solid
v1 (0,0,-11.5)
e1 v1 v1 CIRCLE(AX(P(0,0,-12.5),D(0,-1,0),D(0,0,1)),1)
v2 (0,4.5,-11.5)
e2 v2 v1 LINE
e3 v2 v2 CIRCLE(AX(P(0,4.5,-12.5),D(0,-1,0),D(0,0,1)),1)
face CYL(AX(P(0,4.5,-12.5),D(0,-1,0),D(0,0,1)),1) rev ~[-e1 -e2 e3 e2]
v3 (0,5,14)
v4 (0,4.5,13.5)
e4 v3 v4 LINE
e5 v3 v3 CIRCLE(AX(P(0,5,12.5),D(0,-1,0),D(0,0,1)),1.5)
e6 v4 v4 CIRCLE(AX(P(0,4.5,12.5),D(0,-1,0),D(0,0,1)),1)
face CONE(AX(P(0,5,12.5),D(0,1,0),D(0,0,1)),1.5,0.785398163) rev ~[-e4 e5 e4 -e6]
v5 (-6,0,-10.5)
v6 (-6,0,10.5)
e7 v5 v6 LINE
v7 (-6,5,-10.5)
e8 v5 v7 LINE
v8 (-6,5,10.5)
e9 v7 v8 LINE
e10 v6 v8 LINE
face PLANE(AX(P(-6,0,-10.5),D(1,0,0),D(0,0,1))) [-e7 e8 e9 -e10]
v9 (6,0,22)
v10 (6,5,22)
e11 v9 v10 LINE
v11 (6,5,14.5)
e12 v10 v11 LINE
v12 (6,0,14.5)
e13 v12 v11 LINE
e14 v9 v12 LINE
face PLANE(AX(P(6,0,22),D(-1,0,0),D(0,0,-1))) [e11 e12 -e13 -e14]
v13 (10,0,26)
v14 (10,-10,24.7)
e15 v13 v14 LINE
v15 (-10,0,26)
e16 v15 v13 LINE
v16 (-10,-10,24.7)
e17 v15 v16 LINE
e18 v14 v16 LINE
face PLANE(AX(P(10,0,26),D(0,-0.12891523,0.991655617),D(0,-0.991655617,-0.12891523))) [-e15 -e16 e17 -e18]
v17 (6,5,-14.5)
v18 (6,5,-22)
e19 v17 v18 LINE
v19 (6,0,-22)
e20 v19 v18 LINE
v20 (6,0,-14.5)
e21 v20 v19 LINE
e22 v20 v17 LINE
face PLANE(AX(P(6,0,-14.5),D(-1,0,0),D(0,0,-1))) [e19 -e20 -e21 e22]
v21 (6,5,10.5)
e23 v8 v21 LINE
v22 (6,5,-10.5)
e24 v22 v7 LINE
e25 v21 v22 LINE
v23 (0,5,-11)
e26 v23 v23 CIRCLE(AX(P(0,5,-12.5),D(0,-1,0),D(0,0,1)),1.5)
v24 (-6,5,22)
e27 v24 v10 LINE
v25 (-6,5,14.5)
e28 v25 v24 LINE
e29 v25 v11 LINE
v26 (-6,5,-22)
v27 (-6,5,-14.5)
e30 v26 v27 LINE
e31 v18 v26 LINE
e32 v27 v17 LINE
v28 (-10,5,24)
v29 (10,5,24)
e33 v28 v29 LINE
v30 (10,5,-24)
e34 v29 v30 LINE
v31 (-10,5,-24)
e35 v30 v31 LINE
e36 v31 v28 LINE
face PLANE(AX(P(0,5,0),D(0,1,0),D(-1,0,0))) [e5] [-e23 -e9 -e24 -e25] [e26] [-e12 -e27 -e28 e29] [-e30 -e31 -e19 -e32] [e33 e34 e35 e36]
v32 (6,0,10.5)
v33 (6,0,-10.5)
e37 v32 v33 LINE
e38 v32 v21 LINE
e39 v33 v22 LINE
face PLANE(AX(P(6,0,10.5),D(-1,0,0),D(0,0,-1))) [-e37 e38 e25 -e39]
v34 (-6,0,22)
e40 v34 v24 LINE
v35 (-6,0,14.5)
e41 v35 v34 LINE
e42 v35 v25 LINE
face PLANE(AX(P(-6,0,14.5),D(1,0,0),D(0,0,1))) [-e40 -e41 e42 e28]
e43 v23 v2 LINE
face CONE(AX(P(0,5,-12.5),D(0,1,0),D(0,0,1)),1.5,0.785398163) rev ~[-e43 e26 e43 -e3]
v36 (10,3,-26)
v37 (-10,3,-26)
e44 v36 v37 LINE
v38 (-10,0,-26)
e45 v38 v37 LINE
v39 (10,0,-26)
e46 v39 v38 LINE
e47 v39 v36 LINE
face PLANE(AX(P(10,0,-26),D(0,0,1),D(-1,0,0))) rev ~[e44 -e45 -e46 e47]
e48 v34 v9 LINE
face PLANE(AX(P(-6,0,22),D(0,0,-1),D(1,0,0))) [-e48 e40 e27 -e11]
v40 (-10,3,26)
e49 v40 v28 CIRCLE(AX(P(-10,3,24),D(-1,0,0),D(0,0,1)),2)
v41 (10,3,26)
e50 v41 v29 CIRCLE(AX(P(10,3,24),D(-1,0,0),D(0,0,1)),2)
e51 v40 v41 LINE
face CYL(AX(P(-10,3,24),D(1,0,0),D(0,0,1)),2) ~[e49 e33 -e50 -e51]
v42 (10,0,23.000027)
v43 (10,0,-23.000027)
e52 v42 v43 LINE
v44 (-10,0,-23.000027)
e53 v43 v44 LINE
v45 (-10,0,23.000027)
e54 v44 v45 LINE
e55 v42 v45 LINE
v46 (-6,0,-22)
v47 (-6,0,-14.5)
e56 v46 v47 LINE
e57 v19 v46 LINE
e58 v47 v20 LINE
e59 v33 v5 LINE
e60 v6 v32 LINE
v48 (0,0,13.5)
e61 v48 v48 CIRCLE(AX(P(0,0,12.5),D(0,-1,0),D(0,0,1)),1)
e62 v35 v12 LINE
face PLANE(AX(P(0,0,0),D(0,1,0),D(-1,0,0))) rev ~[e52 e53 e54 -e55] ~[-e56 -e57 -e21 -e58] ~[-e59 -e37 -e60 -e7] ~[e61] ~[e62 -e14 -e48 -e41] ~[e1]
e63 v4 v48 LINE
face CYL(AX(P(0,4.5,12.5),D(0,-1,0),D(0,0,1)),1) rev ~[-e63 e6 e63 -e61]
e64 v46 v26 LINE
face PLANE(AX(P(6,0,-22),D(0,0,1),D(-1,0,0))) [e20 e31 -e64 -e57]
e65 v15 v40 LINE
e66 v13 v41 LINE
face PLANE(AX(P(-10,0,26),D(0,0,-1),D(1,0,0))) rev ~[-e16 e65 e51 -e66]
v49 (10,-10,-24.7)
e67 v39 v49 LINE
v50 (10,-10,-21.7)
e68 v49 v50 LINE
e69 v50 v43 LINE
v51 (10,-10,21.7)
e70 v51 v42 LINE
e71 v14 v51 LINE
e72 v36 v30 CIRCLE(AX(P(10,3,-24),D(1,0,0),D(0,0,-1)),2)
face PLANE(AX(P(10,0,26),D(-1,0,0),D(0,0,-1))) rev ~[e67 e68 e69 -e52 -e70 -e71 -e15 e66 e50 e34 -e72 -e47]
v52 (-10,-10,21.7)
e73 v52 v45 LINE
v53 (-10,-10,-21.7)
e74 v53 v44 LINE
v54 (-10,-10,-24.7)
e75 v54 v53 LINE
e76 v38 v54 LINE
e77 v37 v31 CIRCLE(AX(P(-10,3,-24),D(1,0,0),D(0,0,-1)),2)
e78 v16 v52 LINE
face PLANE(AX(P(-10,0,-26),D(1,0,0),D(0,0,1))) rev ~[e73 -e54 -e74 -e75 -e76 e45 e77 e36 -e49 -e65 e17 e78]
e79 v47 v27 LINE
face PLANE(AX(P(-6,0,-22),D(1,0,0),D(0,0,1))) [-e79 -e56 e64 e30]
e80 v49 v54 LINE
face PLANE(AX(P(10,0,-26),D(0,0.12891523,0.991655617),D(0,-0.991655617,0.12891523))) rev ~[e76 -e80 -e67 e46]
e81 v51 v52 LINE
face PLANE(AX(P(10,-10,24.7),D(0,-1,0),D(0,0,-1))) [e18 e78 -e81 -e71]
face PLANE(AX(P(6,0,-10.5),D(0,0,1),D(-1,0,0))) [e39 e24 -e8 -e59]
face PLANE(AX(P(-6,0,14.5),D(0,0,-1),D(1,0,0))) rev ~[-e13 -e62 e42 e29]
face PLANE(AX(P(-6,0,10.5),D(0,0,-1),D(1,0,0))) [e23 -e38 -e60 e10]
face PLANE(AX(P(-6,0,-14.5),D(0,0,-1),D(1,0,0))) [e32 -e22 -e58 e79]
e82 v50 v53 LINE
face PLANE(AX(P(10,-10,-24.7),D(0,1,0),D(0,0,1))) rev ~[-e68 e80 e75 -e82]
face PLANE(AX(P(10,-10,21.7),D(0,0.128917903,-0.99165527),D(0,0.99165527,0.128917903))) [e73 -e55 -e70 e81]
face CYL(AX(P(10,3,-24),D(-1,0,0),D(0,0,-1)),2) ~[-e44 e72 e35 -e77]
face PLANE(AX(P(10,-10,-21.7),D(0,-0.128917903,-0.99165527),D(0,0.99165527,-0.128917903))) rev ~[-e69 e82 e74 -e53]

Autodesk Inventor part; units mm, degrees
ref_plane "YZ Plane" through (0, 0, 0) normal (1, 0, 0) x (0, 1, 0)
ref_plane "XZ Plane" through (0, 0, 0) normal (0, 1, 0) x (-1, 0, 0)
ref_plane "XY Plane" through (0, 0, 0) normal (0, 0, 1) x (1, 0, 0)
sketch "스케치1" plane through (0, 0, 0) normal (0, 1, 0) x (-1, 0, 0)
  line L0 (10, 26) -> (-10, 26)
  line L1 (-10, 26) -> (-10, -26)
  line L2 (-10, -26) -> (10, -26)
  line L3 (10, -26) -> (10, 26)
  line L4 (10, 26) -> (-10, -26) construction
  line L5 (-10, 26) -> (10, -26) construction
  line L6 (6, 22) -> (-6, 22)
  line L7 (-6, 22) -> (-6, -22)
  line L8 (-6, -22) -> (6, -22)
  line L9 (6, -22) -> (6, 22)
  line L10 (7.75, 10.5) -> (-7.75, 10.5)
  line L11 (-7.75, 10.5) -> (-7.75, -10.5) construction
  line L12 (-7.75, -10.5) -> (7.75, -10.5)
  line L13 (7.75, -10.5) -> (7.75, 10.5) construction
  line L14 (7.75, 10.5) -> (-7.75, -10.5) construction
  line L15 (-7.75, 10.5) -> (7.75, -10.5) construction
  line L16 (6, 14.5) -> (-6, 14.5)
  line L17 (0, 0) -> (3.5234, 0)
  line L18 (6, -14.5) -> (-6, -14.5)
  point P0 (0, 10.5)
  point P1 (-6, 10.5)
  point P2 (6, 10.5)
  point P3 (6, -10.5)
  point P4 (-6, -10.5)
  dimension "d0" = 20
  dimension "d1" = 52
  dimension "d2" = 4
  dimension "d3" = 15.5
  dimension "d4" = 21
  dimension "d5" = 4
extrude "돌출1" add sketch "스케치1" along normal blind 5 contours L3 L2 L1 L0 | L9 L10 L7 L16 | L9 L18 L7 L12
sketch "스케치2" plane through (0, 5, 0) normal (0, 1, 0) x (1, 0, 0)
  circle A0 centre (0, -12.5) radius 1
  line L0 (0, 0) -> (-3.3387, 0)
  line L1 (6, -10.5) -> (-6, -10.5) projected
  circle A1 centre (0, 12.5) radius 1
  dimension "d8" = 2
  dimension "d9" = 2
hole "구멍1" at (0, 5, 12.5) at (0, 5, -12.5) direction (0, -1, 0) diameter 2 end through all countersink diameter 3 countersink angle 90
sketch "스케치3" plane through (10, 0, 26) normal (1, 0, 0) x (0, 0, -1)
  line L0 (0, 0) -> (1.3, -10)
  line L1 (1.3, -10) -> (4.3, -10)
  line L2 (4.3, -10) -> (2.9721, 0.2144)
  line L3 (0, 0) -> (52, 0) projected
  line L4 (26, 0) -> (26, -7.8)
  line L5 (52, 0) -> (50.7, -10)
  line L6 (50.7, -10) -> (47.7, -10)
  line L7 (47.7, -10) -> (49.0279, 0.2144)
  point P0 (49, 0)
  point P1 (3, 0)
  dimension "d17" = 10
  dimension "d18" = 4.3
  dimension "d19" = 3
extrude "돌출2" add sketch "스케치3" against normal up to surface (20 mm away)
fillet "모깎기1" radius 2 2 edges at (0, 5, 26) (0, 5, -26)
properties part number "스텝모터 상판"
